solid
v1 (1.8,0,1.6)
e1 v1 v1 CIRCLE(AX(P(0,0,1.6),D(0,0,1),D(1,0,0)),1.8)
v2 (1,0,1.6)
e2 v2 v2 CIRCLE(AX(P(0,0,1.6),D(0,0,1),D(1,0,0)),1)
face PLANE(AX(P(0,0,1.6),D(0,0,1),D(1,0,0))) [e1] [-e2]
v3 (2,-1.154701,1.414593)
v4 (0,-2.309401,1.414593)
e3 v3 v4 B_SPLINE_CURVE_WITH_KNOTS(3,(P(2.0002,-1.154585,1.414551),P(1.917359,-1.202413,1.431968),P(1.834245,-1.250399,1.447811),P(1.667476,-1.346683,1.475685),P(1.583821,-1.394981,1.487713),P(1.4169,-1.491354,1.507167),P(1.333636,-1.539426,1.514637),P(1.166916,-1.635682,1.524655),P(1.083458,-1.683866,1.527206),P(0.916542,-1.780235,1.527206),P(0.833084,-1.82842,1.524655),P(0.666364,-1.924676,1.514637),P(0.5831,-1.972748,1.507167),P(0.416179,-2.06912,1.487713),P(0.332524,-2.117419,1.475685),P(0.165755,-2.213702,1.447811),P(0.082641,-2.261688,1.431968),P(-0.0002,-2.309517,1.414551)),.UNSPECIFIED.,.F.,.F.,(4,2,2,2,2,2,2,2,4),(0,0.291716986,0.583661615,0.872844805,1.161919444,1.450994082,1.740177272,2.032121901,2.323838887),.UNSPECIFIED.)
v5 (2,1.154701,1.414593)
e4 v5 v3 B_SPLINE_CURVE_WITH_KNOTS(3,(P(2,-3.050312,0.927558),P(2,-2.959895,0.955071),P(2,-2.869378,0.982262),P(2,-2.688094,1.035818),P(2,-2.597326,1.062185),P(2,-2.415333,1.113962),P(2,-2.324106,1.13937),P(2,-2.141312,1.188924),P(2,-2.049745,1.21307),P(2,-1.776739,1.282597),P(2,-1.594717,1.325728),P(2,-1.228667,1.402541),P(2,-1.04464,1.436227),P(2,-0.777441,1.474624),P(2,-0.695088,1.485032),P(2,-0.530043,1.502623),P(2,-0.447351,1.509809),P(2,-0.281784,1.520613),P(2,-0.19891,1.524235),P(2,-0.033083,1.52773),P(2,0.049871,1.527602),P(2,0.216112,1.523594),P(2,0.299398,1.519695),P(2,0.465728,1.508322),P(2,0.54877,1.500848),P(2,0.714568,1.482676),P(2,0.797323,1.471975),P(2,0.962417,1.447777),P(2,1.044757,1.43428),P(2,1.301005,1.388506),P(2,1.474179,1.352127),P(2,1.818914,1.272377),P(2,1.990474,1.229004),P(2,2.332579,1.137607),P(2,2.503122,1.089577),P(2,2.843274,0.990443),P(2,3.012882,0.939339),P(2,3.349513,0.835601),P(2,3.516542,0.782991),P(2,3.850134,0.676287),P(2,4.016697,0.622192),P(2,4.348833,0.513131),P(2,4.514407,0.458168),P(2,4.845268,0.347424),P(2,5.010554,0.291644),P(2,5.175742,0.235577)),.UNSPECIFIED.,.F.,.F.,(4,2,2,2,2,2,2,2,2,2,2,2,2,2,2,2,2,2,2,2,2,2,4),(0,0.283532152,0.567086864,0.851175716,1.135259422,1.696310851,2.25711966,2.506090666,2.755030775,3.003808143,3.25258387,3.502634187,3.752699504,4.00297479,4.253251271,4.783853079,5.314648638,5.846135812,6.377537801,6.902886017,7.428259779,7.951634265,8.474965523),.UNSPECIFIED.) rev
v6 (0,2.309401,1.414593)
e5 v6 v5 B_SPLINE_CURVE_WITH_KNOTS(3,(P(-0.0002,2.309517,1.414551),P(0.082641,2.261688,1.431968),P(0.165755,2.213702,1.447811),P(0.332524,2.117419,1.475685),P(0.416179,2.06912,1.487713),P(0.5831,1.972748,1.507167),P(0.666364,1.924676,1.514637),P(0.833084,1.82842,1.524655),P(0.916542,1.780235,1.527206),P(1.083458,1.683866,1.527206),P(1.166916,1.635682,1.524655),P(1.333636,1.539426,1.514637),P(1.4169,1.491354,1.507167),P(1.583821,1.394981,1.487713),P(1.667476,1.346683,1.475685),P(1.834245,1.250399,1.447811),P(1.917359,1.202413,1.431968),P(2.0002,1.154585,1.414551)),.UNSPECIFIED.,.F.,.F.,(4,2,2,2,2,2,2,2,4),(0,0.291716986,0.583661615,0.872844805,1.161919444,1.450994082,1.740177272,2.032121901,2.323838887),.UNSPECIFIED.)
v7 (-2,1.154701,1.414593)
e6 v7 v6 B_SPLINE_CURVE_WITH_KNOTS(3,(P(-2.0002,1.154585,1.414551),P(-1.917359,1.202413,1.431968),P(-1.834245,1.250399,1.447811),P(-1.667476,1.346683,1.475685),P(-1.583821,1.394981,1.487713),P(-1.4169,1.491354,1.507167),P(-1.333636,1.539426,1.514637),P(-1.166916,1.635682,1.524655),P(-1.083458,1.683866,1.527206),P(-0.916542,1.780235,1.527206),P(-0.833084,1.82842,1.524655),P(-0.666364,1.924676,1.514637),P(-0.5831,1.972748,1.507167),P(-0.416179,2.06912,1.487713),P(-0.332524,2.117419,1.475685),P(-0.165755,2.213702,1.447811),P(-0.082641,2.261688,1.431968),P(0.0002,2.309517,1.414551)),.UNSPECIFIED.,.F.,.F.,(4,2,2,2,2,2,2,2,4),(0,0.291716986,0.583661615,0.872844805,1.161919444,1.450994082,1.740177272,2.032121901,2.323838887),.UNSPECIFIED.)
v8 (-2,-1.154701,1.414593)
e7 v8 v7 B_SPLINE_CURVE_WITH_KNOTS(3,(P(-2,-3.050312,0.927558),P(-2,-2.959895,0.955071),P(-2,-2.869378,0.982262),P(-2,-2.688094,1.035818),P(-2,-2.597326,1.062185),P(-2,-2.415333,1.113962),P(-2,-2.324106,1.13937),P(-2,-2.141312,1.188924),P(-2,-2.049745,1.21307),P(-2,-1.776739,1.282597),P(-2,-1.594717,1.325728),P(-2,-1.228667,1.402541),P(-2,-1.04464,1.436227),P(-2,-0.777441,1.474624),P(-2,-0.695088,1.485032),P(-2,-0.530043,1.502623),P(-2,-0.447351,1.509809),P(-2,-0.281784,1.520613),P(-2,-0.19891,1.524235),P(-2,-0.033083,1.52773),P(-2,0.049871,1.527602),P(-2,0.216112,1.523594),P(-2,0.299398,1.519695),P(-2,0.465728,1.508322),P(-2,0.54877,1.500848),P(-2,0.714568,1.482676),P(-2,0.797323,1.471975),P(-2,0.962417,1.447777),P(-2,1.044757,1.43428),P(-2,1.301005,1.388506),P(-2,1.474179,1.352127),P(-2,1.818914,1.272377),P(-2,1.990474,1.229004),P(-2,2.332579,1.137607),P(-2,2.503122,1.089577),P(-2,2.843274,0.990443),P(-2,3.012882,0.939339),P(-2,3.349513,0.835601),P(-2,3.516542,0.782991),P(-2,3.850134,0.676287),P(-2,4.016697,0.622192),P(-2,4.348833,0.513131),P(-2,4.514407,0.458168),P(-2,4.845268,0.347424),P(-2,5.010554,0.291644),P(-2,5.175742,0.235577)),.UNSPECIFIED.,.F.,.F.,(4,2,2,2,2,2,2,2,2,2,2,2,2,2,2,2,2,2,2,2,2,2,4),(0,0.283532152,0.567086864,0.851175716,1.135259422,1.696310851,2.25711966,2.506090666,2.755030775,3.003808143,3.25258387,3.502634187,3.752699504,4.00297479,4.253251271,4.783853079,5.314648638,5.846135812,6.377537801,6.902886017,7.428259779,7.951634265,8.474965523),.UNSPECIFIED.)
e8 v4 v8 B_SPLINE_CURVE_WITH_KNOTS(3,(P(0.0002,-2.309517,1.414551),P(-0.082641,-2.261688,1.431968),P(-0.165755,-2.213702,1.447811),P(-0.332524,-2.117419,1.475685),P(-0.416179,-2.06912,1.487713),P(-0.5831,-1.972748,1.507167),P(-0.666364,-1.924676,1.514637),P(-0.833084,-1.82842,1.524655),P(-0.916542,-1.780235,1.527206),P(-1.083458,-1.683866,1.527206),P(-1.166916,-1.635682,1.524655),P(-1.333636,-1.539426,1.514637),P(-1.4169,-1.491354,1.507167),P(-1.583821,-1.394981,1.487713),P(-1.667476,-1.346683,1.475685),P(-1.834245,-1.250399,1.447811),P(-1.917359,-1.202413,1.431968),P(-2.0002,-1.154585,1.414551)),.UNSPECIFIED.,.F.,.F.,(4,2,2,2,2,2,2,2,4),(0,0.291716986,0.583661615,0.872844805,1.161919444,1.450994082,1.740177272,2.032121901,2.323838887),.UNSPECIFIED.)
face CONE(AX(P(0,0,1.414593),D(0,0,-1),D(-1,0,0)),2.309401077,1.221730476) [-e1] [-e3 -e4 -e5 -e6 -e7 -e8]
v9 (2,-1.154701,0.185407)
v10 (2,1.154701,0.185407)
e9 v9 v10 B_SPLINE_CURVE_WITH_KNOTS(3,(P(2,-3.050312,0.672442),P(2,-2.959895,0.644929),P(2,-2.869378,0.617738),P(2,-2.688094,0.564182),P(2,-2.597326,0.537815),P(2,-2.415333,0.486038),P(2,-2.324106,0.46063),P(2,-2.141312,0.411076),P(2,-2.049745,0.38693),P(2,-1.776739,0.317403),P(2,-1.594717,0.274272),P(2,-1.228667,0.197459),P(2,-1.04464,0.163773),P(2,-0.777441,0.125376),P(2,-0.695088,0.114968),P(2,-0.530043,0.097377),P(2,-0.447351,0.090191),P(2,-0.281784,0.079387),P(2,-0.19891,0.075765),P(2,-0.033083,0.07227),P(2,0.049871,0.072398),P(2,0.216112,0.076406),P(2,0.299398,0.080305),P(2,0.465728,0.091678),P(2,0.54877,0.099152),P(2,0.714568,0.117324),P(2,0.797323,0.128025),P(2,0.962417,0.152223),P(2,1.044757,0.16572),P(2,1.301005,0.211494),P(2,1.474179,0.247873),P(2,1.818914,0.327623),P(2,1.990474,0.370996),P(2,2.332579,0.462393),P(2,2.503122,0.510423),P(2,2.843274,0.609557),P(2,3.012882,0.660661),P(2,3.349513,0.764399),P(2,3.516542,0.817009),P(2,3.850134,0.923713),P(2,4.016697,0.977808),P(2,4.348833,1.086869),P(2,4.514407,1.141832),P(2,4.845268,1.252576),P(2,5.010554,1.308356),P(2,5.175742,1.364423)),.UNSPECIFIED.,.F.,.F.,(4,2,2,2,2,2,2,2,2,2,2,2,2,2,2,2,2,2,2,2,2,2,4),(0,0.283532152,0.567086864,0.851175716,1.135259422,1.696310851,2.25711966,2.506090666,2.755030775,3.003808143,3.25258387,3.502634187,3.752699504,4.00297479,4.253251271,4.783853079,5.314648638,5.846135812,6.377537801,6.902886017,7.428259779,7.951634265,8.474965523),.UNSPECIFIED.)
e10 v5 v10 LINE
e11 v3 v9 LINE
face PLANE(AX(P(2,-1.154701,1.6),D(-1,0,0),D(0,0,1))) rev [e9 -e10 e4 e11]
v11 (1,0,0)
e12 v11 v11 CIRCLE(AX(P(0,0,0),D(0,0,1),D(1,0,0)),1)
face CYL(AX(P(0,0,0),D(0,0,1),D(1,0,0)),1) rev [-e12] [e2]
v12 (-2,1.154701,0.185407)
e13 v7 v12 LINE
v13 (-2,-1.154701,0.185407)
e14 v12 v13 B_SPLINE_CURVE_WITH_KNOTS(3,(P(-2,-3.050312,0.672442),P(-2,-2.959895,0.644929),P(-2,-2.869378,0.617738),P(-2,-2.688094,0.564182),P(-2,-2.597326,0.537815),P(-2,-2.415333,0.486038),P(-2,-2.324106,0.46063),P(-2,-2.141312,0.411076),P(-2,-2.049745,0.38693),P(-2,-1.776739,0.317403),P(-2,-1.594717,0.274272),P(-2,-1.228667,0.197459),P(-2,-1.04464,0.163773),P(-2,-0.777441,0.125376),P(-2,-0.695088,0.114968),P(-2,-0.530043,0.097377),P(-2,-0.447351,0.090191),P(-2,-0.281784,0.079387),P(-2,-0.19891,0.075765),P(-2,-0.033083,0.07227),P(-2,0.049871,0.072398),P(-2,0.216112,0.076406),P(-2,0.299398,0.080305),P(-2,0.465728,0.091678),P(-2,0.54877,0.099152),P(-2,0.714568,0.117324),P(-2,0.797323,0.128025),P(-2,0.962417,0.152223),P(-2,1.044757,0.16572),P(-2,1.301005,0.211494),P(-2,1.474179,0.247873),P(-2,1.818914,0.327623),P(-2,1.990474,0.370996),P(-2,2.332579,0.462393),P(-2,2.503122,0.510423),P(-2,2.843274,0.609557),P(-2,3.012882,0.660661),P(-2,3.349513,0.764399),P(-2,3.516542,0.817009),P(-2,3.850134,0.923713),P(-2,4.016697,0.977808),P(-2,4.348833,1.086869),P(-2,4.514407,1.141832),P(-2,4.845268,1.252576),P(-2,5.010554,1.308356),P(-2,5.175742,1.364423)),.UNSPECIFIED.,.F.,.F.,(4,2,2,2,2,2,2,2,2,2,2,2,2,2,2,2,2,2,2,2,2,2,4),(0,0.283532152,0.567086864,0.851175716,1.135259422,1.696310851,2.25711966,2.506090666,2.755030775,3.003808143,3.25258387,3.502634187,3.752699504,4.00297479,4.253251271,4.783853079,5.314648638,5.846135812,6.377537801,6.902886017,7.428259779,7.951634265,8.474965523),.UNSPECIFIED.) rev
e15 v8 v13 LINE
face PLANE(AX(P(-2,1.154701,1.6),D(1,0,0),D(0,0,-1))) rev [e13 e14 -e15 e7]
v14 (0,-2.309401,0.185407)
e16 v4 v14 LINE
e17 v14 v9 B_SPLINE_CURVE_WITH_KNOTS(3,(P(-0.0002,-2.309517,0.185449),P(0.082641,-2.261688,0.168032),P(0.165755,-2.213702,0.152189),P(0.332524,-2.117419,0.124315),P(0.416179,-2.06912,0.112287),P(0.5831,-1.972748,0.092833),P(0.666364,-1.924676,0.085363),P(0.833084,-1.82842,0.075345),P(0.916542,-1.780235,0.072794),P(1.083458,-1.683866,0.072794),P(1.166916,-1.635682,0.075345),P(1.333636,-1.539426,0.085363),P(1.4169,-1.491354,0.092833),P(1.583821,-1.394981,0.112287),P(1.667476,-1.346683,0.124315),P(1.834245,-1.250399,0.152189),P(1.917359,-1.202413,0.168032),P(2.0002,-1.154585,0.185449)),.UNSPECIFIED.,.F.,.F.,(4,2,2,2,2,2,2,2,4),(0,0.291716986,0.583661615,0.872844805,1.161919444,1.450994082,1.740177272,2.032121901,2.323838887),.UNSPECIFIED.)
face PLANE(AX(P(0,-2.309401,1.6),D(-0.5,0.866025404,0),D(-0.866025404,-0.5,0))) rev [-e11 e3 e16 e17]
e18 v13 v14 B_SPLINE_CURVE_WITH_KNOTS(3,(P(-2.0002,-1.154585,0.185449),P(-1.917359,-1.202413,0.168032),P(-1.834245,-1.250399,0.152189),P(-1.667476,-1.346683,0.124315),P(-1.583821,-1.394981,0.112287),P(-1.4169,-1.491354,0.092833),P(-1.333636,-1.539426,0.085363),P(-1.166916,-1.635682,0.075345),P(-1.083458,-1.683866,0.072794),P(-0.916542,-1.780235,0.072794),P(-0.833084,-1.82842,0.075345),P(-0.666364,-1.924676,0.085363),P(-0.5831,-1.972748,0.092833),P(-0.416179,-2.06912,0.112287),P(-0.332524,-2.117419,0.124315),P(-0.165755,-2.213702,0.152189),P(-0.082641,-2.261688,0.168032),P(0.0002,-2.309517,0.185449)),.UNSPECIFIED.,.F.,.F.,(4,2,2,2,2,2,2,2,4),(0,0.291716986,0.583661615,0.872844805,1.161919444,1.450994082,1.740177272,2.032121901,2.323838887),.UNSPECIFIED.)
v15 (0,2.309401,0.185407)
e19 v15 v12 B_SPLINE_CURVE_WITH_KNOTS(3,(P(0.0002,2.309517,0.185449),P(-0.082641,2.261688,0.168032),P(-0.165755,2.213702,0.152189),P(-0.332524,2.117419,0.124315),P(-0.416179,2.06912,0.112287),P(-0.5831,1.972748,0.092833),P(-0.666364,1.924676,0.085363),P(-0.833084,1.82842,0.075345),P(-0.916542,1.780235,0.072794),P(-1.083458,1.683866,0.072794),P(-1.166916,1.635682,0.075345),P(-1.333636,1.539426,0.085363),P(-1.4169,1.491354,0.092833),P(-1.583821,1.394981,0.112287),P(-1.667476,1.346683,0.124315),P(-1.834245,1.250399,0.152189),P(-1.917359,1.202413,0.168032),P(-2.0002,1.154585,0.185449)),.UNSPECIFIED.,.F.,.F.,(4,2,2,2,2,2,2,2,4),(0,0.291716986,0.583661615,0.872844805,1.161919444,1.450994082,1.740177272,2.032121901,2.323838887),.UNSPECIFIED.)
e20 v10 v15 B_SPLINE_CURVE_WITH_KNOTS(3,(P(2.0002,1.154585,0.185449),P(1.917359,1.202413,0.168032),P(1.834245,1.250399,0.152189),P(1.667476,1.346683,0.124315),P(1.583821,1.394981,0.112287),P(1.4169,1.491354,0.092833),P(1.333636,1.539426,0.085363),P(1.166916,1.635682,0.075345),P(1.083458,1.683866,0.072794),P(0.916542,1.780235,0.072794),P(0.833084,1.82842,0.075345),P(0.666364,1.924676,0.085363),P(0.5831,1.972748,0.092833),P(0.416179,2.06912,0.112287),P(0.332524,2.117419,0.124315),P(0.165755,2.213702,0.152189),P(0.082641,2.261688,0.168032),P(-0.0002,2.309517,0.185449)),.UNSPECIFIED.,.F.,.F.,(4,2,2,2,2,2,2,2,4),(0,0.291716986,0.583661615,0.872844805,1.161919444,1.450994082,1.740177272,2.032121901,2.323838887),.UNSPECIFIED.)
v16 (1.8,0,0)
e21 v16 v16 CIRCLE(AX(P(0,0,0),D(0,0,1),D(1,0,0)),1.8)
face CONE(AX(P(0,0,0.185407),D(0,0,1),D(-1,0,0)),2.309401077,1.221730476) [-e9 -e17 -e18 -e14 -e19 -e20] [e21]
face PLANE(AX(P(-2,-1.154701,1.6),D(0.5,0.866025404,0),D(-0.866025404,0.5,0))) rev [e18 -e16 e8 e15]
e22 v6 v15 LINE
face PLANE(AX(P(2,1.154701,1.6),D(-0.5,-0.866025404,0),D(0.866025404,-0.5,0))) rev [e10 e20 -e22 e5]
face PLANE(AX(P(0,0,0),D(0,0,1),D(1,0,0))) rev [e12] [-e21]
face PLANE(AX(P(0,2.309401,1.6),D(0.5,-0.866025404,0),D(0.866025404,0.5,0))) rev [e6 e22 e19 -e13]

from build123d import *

# Parameters (mm, degrees)
EXTRUDE_1_DEPTH     = 1.6
SKETCH_5_R          = 1
CUT_EXTRUDE_1_DEPTH = 4.448671242


with BuildPart() as part:
    # 草图1 → 凸台-拉伸1 (new body)
    with BuildSketch(Plane.XY):
        Polygon((0, 2.309401077), (-2, 1.154700538), (-2, -1.154700538), (0, -2.309401077), (2, -1.154700538), (2, 1.154700538), align=None)
    extrude(amount=EXTRUDE_1_DEPTH)

    # 草图4 → 切除-旋转1 (revolve, cut)
    with BuildSketch(Plane(origin=(0, 0, 0), x_dir=(0, 0, -1), z_dir=(1, 0, 0))):
        Polygon((-1.6, -1.8), (-1.414593171, -2.309401077), (-1.6, -2.309401077), align=None)
    cut_revolve_1 = revolve(axis=Axis((0, 0, 1.6), (0, 0, -1)), mode=Mode.SUBTRACT)

    # 镜向1: 切除-旋转1 across plane
    add(cut_revolve_1.mirror(Plane.XY.offset(0.8)), mode=Mode.SUBTRACT)

    # 草图5 → 切除-拉伸1 (cut, through all)
    with BuildSketch(Plane.XY.offset(1.6)):
        Circle(SKETCH_5_R)
    extrude(amount=-CUT_EXTRUDE_1_DEPTH, mode=Mode.SUBTRACT)


solid = part.part
